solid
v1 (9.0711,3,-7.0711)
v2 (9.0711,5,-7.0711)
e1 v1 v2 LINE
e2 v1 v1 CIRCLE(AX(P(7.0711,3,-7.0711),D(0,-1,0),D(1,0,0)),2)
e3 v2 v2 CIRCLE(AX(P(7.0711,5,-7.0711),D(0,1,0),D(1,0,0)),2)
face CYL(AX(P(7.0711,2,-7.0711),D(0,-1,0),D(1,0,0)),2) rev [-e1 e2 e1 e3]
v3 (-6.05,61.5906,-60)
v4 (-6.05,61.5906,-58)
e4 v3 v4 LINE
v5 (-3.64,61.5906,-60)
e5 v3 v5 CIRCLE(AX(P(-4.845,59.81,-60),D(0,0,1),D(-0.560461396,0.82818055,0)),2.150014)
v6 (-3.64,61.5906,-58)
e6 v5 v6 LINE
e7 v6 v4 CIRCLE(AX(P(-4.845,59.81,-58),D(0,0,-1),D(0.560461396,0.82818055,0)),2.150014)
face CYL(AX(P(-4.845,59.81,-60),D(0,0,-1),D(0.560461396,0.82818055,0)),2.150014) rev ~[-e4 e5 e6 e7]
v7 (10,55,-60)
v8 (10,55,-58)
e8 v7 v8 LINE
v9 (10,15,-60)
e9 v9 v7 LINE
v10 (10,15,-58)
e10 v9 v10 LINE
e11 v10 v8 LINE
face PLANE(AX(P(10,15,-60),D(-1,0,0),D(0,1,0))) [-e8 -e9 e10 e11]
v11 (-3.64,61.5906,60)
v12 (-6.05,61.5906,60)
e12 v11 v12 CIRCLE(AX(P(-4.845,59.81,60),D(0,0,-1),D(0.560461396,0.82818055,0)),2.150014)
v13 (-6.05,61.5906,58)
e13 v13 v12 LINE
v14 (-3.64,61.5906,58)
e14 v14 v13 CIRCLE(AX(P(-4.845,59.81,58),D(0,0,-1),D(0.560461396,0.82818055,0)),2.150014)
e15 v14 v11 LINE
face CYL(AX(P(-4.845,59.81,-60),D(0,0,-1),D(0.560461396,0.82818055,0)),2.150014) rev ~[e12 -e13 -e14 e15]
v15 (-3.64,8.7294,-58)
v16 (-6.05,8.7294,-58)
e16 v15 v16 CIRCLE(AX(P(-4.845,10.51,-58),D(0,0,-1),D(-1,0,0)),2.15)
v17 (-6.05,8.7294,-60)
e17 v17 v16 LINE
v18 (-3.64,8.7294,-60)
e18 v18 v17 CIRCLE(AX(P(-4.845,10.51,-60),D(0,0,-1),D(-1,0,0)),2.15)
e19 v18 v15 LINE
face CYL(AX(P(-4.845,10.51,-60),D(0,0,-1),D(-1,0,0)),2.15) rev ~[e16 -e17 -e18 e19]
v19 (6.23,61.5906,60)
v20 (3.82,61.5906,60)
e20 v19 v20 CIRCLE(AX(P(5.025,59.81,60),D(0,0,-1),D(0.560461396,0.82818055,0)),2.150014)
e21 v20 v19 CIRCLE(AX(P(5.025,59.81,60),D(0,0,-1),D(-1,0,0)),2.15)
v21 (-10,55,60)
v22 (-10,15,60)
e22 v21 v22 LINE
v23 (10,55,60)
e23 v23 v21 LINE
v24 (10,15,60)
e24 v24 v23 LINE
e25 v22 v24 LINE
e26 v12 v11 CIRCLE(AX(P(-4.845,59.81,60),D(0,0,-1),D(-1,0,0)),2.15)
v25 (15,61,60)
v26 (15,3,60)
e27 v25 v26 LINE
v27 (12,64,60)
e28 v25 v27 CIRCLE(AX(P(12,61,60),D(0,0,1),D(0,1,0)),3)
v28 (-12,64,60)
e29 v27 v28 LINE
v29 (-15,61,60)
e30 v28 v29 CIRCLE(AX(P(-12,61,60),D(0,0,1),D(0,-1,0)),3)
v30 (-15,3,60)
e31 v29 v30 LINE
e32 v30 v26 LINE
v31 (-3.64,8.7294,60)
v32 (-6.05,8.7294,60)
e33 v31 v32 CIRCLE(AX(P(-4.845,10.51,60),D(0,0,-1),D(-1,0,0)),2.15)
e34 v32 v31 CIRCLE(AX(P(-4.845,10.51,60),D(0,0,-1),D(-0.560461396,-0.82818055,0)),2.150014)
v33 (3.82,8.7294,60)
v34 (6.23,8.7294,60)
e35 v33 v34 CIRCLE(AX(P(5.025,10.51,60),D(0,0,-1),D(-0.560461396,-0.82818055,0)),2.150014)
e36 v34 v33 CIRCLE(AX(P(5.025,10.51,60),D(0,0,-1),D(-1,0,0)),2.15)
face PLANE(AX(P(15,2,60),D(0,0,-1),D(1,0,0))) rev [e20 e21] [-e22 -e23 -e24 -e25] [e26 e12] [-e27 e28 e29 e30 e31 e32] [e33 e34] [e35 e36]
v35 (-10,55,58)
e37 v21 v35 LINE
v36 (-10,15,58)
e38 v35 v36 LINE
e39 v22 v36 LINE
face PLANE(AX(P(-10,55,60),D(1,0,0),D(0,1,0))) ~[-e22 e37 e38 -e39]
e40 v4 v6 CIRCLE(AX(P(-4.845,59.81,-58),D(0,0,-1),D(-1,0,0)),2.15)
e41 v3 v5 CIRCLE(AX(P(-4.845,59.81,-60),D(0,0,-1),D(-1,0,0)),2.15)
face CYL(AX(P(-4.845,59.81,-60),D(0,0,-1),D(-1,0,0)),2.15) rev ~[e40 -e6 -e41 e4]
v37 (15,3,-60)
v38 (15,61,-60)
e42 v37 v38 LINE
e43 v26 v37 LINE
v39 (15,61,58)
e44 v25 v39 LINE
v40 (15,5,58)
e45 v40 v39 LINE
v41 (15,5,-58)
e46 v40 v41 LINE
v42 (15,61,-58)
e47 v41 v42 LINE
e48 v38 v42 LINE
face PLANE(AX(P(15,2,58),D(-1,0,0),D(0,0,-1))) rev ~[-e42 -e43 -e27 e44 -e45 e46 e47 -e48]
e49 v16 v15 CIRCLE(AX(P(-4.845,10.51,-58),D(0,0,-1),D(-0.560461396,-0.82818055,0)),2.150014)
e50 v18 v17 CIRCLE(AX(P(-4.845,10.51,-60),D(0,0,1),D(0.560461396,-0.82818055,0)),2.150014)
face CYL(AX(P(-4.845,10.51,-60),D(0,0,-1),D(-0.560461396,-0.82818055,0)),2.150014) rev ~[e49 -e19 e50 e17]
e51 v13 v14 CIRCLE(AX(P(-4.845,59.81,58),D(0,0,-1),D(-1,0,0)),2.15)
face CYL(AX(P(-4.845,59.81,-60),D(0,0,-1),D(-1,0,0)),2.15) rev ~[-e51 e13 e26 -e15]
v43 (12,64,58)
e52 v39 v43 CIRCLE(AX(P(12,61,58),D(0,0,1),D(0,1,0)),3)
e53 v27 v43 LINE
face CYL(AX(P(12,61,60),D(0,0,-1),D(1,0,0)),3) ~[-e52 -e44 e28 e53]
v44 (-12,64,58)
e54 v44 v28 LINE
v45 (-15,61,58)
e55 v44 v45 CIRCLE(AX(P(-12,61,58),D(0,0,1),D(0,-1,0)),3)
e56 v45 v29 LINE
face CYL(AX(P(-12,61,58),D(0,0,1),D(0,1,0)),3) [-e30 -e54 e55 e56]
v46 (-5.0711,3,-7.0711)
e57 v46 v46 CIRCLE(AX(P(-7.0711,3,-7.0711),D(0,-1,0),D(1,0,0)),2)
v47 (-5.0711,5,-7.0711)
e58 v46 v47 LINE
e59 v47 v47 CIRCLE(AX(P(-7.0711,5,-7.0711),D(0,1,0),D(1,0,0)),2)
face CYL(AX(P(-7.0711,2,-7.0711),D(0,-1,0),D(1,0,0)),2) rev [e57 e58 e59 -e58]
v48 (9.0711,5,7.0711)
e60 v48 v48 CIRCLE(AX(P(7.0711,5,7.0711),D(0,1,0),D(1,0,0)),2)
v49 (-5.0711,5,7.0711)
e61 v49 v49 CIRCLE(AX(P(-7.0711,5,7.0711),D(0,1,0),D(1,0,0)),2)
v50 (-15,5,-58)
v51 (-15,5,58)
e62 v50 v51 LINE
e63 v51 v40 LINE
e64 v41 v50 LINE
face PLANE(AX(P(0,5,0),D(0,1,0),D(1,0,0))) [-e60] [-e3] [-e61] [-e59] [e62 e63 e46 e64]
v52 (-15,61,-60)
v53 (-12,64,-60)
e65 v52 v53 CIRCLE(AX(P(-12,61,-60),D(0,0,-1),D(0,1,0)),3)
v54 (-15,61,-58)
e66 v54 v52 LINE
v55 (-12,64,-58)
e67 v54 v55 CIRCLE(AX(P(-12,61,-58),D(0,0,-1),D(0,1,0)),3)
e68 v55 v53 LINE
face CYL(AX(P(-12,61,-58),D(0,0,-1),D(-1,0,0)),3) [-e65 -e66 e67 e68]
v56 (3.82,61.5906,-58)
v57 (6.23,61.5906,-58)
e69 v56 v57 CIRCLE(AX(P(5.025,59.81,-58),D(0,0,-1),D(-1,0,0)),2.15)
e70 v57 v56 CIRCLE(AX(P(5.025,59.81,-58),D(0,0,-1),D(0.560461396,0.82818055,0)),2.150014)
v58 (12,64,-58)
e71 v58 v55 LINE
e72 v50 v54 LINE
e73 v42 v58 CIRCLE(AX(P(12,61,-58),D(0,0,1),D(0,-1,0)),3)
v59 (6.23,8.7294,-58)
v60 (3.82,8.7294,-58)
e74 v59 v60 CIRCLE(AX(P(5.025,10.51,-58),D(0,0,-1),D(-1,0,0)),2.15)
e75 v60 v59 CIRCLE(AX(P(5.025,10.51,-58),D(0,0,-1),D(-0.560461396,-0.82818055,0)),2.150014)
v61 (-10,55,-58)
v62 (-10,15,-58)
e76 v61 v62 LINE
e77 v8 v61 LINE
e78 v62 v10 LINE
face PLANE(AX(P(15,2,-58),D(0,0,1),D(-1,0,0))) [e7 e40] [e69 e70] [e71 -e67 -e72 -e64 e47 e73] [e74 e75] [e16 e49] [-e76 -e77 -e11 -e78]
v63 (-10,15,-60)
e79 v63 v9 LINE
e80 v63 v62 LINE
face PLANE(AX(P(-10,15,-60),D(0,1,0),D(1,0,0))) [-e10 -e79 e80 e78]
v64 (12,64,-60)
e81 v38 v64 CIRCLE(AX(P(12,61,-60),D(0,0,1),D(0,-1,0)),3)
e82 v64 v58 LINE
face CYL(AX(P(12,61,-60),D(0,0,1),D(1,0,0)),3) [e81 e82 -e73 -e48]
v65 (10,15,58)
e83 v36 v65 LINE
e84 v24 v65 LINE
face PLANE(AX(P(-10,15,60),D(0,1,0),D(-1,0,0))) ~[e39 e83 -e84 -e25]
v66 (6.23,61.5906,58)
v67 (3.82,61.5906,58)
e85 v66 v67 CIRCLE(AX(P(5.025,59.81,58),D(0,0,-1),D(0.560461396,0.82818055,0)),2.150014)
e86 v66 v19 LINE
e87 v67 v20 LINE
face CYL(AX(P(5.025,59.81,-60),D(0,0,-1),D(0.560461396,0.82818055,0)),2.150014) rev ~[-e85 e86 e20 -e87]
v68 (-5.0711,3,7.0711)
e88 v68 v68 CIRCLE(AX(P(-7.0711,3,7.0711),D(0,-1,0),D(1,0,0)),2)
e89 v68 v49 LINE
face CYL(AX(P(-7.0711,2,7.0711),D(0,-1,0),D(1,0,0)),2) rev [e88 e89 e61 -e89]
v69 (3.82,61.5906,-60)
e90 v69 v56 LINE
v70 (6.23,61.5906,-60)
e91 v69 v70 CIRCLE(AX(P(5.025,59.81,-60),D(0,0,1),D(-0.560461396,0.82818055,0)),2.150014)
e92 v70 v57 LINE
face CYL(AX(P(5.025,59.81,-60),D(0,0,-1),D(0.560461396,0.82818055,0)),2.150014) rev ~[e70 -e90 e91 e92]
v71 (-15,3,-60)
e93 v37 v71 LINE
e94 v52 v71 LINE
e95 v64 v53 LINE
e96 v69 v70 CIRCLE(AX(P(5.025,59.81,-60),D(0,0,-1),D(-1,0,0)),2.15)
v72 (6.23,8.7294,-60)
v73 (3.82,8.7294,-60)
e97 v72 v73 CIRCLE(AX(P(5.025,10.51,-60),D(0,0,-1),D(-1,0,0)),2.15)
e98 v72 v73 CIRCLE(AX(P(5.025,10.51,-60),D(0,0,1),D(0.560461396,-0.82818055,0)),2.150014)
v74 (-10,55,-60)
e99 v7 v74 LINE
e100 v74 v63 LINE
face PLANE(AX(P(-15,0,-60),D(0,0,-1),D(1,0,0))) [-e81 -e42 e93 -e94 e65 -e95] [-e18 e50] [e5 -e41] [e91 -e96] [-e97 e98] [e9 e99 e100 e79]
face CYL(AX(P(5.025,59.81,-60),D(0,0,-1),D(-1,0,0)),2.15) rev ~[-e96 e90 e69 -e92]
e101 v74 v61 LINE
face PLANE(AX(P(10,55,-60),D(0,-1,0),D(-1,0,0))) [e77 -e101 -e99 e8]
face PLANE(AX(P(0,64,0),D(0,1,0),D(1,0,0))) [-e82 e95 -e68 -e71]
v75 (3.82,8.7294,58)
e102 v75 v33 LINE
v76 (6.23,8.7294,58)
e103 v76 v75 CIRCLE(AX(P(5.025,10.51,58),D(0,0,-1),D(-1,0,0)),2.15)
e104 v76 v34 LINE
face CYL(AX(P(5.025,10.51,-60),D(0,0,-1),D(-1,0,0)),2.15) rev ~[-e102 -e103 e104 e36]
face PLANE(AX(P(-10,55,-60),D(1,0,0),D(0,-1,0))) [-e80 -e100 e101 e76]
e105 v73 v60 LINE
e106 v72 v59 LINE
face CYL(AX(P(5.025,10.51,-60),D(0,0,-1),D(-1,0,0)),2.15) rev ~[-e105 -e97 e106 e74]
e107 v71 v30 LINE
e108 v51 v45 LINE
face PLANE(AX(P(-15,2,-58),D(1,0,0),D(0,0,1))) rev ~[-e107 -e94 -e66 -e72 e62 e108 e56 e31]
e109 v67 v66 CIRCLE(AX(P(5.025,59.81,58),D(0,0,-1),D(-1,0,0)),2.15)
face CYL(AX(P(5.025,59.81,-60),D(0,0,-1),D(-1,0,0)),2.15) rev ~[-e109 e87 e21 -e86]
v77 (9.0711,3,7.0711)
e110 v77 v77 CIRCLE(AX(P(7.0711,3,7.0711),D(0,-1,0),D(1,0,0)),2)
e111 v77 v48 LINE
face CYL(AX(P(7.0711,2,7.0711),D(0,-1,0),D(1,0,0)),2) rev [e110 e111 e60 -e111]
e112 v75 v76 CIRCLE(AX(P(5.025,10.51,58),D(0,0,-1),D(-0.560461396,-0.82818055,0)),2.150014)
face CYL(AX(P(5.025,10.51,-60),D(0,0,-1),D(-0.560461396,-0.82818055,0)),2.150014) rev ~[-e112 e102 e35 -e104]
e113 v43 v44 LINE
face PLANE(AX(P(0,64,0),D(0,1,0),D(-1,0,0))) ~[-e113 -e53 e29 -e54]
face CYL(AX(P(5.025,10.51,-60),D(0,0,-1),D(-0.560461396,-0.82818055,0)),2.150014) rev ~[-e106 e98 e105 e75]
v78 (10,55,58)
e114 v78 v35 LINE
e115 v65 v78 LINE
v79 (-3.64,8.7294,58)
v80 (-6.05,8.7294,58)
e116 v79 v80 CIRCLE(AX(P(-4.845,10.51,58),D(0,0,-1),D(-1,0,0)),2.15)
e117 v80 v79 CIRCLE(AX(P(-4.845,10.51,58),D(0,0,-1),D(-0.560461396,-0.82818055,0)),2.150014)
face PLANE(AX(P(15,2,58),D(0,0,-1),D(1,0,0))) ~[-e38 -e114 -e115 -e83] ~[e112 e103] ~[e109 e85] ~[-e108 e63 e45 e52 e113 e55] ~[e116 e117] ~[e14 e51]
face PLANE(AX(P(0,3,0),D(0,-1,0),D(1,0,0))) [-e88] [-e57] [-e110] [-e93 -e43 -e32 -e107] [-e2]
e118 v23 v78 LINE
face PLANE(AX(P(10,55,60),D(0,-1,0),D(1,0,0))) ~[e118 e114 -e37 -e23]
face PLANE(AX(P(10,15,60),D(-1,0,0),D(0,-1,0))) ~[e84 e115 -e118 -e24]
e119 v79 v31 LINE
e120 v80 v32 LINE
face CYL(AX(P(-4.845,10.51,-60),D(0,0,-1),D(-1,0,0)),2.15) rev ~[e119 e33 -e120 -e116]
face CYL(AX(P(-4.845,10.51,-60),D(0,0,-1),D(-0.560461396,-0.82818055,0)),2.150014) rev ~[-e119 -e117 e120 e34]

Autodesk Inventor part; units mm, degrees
ref_plane "YZ Plane" through (0, 0, 0) normal (1, 0, 0) x (0, 1, 0)
ref_plane "XZ Plane" through (0, 0, 0) normal (0, 1, 0) x (-1, 0, 0)
ref_plane "XY Plane" through (0, 0, 0) normal (0, 0, 1) x (1, 0, 0)
sketch "Sketch1" plane through (0, 0, 0) normal (0, 1, 0) x (-1, 0, 0)
  line L0 (-15, 60) -> (15, 60)
  line L1 (15, 60) -> (15, -60)
  line L2 (15, -60) -> (-15, -60)
  line L3 (-15, -60) -> (-15, 60)
  line L4 (-15, 60) -> (15, -60) construction
  line L5 (15, 60) -> (-15, -60) construction
  circle A0 centre (7.0711, -7.0711) radius 2
  line L6 (7.0711, -7.0711) -> (0, 0) construction
  circle A1 centre (0, 0) radius 65.2762 construction
  circle A2 centre (7.0711, 7.0711) radius 2
  circle A3 centre (-7.0711, 7.0711) radius 2
  circle A4 centre (-7.0711, -7.0711) radius 2
  dimension "d0" = 30
  dimension "d1" = 120
  dimension "d2" = 10
  dimension "d3" = 4
  dimension "d4" = 45
  dimension "d7" = 360
extrude "Extrusion1" add sketch "Sketch1" along normal blind 2
sketch "Sketch2" plane through (0, 2, 0) normal (0, 1, 0) x (1, 0, 0)
  line L0 (15, 60) -> (-15, 60) projected
  line L1 (-15, 60) -> (15, 60)
  line L2 (15, 60) -> (15, 58)
  line L3 (15, 58) -> (-15, 58)
  line L4 (-15, 58) -> (-15, 60)
  line L5 (15, -60) -> (15, 60) projected
  point P0 (0, 0)
  dimension "d11" = 2
extrude "Extrusion2" add sketch "Sketch2" along normal blind 62
sketch "Sketch3" plane through (15, 0, -60) normal (0, 0, -1) x (-1, 0, 0)
  line L0 (5, 55) -> (25, 55)
  line L1 (25, 55) -> (25, 15)
  line L2 (25, 15) -> (5, 15)
  line L3 (5, 15) -> (5, 55)
  line L4 (0, 0) -> (0, 64) projected
  line L5 (0, 64) -> (30, 64) projected
  point P0 (15, 0)
  dimension "d14" = 40
  dimension "d15" = 20
  dimension "d16" = 5
  dimension "d17" = 9
extrude "Extrusion3" cut sketch "Sketch3" against normal up to surface (2 mm away)
fillet "Fillet1" radius 3 2 edges at (15, 64, -59) (-15, 64, -59)
mirror "Mirror1" about plane through (0, 0, 0) normal (0, 0, 1) of "Extrusion2", "Extrusion3", "Fillet1"
sketch "Sketch4" plane through (15, 0, -60) normal (0, 0, -1) x (-1, 0, 0)
  arc A0 (21.05, 8.7294) -> (18.64, 8.7294) centre (19.845, 10.51) ccw construction
  arc A1 (11.18, 8.7294) -> (8.77, 8.7294) centre (9.975, 10.51) ccw construction
  line L0 (11.18, 8.25) -> (11.18, 8.7294) construction
  line L1 (11.18, 8.25) -> (18.64, 8.25) construction
  line L2 (18.64, 8.7294) -> (18.64, 8.25) construction
  arc A2 (21.05, 8.7294) -> (18.64, 8.7294) centre (19.845, 10.51) ccw construction
  line L3 (21.05, 8.25) -> (21.05, 8.7294) construction
  line L4 (21.05, 8.25) -> (24.13, 8.25) construction
  line L5 (24.13, 8.25) -> (24.13, 15.0287) construction
  spline S0 degree 2 poles (24.13, 15.0287) (23.9893, 15) (23.82, 15) knots 0.830662 0.830662 0.830662 1 1 1 construction
  line L6 (23.82, 15) -> (6, 15) construction
  spline S1 degree 2 poles (6, 15) (5.8307, 15) (5.69, 15.0287) knots -1 -1 -1 -0.830662 -0.830662 -0.830662 construction
  line L7 (5.69, 8.25) -> (5.69, 15.0287) construction
  line L8 (5.69, 8.25) -> (8.77, 8.25) construction
  line L9 (8.77, 8.7294) -> (8.77, 8.25) construction
  arc A3 (18.64, 61.5906) -> (21.05, 61.5906) centre (19.845, 59.81) ccw projected
  arc A4 (8.77, 61.5906) -> (11.18, 61.5906) centre (9.975, 59.81) ccw projected
  circle A5 centre (19.845, 59.81) radius 2.15
  circle A6 centre (9.975, 59.81) radius 2.15
  arc A7 (21.05, 8.7294) -> (18.64, 8.7294) centre (19.845, 10.51) ccw projected
  arc A8 (11.18, 8.7294) -> (8.77, 8.7294) centre (9.975, 10.51) ccw projected
  circle A9 centre (19.845, 10.51) radius 2.15
  circle A10 centre (9.975, 10.51) radius 2.15
  point P0 (15, 0)
  point P1 (21.05, 8.7294)
  point P2 (11.18, 8.7294)
  point P3 (21.05, 61.5906)
  point P4 (11.18, 61.5906)
extrude "Extrusion4" cut sketch "Sketch4" against normal through all
sketch "Sketch5" plane through (0, 2, 0) normal (0, 1, 0) x (1, 0, 0)
  line L0 (-15, 60) -> (-15, -60) projected
  line L1 (-15, -58) -> (15, -58) projected
  line L2 (15, -58) -> (15, 58) projected
  line L3 (15, 58) -> (-15, 58) projected
  line L4 (-15, 58) -> (-15, -58) projected
  circle A0 centre (-7.0711, 7.0711) radius 2 projected
  circle A1 centre (-7.0711, -7.0711) radius 2 projected
  circle A2 centre (7.0711, -7.0711) radius 2 projected
  circle A3 centre (7.0711, 7.0711) radius 2 projected
  point P0 (0, 0)
  point P1 (-15, 58)
extrude "Extrusion5" add sketch "Sketch5" along normal blind 3
sketch "Sketch6" plane through (0, 0, 0) normal (0, -1, 0) x (1, 0, 0)
  line L0 (15, -60) -> (-15, -60) projected
  line L1 (15, 60) -> (15, -60) projected
  line L2 (-15, 60) -> (15, 60) projected
  line L3 (-15, -60) -> (-15, 60) projected
  circle A0 centre (7.0711, -7.0711) radius 2 projected
  circle A1 centre (7.0711, 7.0711) radius 2 projected
  circle A2 centre (-7.0711, 7.0711) radius 2 projected
  circle A3 centre (-7.0711, -7.0711) radius 2 projected
  point P0 (0, 0)
extrude "Extrusion6" cut sketch "Sketch6" against normal blind 3
properties part number "new-motor-base"
